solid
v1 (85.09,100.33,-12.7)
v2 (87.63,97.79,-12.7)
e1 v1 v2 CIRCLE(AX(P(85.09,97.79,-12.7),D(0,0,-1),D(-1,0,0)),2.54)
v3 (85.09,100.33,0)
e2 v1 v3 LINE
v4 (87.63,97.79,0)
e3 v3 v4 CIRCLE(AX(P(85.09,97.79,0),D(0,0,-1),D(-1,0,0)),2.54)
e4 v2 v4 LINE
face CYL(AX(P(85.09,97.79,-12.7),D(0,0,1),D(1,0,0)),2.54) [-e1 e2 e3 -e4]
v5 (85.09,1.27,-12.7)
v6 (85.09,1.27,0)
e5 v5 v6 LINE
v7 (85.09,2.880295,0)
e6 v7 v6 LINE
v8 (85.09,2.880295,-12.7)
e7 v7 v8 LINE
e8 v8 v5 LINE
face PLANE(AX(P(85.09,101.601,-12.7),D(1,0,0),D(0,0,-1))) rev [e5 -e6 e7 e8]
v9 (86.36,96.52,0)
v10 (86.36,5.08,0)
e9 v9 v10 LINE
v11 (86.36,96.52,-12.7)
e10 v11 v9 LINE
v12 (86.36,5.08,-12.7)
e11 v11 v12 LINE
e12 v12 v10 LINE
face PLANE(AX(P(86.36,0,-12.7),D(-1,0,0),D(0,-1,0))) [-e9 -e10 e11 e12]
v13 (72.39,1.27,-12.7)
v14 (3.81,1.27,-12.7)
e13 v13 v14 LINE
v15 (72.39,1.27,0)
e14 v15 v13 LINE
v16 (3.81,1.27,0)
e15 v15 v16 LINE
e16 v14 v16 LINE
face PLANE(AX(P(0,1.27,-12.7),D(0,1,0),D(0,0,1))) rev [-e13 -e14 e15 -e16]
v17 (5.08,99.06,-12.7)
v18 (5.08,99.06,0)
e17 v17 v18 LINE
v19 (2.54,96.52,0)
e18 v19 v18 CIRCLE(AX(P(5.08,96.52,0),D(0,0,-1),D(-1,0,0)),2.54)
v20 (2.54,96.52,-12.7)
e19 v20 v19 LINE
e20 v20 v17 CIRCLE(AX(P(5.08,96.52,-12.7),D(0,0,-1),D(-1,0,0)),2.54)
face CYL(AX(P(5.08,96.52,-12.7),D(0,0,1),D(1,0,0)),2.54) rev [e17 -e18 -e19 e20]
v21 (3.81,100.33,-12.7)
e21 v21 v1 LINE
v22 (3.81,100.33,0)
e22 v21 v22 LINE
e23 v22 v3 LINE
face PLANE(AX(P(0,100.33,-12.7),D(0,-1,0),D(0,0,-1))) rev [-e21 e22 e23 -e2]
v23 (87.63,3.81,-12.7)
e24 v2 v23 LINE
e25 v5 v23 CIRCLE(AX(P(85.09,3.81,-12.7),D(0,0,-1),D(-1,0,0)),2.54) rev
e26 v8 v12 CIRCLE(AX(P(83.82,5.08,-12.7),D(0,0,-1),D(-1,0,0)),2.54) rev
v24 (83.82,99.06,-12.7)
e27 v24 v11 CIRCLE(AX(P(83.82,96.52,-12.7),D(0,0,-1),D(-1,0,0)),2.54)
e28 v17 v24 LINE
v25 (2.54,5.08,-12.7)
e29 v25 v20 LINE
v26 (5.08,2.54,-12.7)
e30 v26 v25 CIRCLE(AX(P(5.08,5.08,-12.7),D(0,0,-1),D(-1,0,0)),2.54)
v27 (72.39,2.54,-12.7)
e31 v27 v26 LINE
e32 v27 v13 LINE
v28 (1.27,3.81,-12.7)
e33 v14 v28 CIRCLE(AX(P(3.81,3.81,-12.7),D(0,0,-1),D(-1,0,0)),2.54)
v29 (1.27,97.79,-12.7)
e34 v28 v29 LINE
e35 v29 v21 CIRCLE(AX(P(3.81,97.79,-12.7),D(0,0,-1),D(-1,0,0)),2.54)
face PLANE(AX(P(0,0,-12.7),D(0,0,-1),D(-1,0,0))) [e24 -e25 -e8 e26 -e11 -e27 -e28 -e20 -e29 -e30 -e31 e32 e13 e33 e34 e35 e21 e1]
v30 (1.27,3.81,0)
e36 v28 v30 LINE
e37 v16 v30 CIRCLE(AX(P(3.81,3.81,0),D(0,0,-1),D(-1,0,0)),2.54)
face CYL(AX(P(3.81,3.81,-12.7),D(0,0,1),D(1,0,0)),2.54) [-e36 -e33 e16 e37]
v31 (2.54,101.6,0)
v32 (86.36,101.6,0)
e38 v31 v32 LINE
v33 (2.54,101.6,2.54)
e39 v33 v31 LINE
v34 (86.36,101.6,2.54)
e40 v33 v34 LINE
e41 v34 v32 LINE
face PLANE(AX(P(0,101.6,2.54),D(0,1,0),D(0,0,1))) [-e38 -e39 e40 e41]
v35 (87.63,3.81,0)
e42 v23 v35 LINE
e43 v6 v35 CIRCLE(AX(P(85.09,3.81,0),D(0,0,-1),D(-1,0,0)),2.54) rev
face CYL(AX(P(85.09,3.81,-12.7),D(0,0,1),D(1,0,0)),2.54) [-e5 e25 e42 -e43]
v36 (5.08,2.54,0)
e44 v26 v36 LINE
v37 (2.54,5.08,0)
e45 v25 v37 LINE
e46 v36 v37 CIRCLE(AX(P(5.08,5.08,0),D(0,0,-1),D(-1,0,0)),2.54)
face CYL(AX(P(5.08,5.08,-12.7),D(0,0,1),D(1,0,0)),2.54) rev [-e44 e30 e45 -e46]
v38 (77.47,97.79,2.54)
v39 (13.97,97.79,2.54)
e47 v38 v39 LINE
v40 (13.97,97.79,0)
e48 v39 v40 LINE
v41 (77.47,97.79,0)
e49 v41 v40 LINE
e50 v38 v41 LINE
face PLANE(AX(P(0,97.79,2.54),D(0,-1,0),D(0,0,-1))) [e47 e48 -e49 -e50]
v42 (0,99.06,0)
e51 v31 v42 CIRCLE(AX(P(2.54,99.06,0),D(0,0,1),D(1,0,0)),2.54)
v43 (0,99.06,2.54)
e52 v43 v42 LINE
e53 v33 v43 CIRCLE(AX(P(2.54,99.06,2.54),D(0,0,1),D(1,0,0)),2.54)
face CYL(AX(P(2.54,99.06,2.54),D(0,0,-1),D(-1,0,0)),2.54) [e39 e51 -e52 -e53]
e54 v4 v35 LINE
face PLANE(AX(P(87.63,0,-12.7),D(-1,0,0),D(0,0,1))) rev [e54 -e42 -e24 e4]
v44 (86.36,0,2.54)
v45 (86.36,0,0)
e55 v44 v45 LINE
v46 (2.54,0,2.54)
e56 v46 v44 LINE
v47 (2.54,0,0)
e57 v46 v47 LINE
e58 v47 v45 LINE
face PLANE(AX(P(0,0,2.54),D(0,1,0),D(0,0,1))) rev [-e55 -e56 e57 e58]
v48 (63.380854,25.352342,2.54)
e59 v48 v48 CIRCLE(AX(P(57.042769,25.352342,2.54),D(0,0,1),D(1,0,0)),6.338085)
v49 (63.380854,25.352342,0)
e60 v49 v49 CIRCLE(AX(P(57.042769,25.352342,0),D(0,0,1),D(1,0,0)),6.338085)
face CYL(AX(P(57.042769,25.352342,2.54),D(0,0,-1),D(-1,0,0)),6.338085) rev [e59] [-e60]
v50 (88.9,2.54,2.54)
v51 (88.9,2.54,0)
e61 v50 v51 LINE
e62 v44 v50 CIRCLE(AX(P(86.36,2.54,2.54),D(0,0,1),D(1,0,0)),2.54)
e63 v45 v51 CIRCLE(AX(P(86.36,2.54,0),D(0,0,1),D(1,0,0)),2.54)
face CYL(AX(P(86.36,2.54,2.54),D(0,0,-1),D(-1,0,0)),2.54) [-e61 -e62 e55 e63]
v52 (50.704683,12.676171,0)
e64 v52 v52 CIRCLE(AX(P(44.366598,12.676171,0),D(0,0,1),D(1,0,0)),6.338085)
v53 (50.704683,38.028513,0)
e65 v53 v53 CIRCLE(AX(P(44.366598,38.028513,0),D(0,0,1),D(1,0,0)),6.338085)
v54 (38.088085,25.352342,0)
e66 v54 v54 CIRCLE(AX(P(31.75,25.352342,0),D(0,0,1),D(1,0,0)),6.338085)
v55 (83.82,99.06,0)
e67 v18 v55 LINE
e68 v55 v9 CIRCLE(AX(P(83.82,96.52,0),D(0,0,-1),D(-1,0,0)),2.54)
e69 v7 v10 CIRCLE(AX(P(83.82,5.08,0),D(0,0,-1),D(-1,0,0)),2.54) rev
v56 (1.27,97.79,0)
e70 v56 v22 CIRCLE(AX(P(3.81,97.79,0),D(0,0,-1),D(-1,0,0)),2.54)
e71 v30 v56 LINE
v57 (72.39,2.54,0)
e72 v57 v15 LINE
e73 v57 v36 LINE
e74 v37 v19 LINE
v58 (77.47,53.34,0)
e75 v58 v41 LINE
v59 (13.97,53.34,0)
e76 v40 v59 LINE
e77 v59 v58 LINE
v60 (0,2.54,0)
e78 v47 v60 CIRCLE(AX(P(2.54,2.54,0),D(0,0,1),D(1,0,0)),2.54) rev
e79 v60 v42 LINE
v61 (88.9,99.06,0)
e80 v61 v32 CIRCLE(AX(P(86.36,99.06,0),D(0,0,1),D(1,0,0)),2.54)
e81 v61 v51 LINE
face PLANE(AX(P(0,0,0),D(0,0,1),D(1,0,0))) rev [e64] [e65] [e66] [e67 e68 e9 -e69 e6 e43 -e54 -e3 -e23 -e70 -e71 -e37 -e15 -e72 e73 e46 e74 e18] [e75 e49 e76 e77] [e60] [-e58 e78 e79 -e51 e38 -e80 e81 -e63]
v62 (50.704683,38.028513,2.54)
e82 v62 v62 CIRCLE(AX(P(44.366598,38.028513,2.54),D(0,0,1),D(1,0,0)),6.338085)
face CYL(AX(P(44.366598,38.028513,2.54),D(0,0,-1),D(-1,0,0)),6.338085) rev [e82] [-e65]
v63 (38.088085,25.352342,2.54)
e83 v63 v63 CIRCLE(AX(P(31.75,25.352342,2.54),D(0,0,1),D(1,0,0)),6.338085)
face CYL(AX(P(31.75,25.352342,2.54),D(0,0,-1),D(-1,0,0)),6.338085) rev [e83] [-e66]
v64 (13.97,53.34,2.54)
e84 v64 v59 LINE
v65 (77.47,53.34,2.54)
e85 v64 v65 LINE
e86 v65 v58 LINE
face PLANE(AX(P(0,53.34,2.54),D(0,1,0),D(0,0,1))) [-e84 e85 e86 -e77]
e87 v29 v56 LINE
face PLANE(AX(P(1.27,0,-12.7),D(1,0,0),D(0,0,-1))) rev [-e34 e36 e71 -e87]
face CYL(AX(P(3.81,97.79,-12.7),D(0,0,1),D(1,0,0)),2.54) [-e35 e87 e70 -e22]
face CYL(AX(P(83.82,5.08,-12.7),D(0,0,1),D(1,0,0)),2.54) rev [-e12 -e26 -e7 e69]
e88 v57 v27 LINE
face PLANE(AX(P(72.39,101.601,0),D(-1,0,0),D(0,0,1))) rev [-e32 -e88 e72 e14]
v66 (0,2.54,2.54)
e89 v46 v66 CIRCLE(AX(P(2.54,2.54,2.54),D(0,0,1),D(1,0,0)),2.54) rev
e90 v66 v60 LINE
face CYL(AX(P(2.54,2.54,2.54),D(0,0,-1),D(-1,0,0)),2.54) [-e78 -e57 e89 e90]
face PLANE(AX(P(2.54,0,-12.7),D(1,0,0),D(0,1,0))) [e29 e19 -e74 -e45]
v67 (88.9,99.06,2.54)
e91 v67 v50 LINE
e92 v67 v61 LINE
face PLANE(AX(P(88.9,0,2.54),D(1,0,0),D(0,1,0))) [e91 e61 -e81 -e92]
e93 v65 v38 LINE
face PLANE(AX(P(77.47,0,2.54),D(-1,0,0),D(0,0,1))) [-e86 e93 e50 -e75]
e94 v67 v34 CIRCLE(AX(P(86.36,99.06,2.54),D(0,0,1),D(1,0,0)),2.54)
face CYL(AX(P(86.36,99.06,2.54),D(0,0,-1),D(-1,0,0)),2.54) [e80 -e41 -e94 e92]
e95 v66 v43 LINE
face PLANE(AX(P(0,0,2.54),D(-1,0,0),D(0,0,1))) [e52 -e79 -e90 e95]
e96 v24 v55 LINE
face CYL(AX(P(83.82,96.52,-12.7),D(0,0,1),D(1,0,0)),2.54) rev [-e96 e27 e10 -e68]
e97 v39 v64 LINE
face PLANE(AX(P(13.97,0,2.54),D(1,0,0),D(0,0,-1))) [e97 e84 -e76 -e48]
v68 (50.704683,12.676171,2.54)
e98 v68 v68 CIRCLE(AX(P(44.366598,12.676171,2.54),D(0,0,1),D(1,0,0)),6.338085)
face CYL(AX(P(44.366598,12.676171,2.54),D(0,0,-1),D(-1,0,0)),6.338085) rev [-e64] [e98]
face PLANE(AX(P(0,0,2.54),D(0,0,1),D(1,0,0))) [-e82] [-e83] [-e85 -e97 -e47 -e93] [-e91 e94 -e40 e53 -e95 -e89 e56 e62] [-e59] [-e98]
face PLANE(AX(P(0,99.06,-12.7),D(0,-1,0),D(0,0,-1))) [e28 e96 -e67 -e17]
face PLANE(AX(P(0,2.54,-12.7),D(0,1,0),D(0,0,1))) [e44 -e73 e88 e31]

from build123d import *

# Parameters (mm, degrees)
SKETCH1_R           = 6.338085432
SKETCH1_W           = 63.5
SKETCH1_H           = 44.45
BOSS_EXTRUDE1_DEPTH = 2.54
BOSS_EXTRUDE2_DEPTH = 12.7
CUT_EXTRUDE1_REACH  = 136.65
SKETCH3_W           = 12.7
SKETCH3_H           = 12.7


with BuildPart() as part:
    # Sketch1 → Boss-Extrude1 (new body)
    with BuildSketch(Plane.XY):
        with BuildLine():
            Line((88.9, 99.06), (88.9, 2.54))
            ThreePointArc((88.9, 2.54), (88.156051224, 0.743948776), (86.36, 0))
            Line((86.36, 0), (2.54, 0))
            ThreePointArc((2.54, 0), (0.743948776, 0.743948776), (0, 2.54))
            Line((0, 2.54), (0, 99.06))
            ThreePointArc((0, 99.06), (0.743948776, 100.856051224), (2.54, 101.6))
            Line((2.54, 101.6), (86.36, 101.6))
            ThreePointArc((86.36, 101.6), (88.156051224, 100.856051224), (88.9, 99.06))
        make_face()
        with Locations((31.75, 25.352341726)):
            Circle(SKETCH1_R, mode=Mode.SUBTRACT)
        with Locations((44.366598021, 38.028512589)):
            Circle(SKETCH1_R, mode=Mode.SUBTRACT)
        with Locations((57.042768884, 25.352341726)):
            Circle(SKETCH1_R, mode=Mode.SUBTRACT)
        with Locations((44.366598021, 12.676170863)):
            Circle(SKETCH1_R, mode=Mode.SUBTRACT)
        with Locations((45.72, 75.565)):
            Rectangle(SKETCH1_W, SKETCH1_H, mode=Mode.SUBTRACT)
    extrude(amount=BOSS_EXTRUDE1_DEPTH)

    # Sketch2 → Boss-Extrude2 (add)
    with BuildSketch(Plane(origin=(0, 0, 0), x_dir=(-1, 0, 0), z_dir=(0, 0, -1))):
        with BuildLine():
            Line((-3.81, 100.33), (-85.09, 100.33))
            ThreePointArc((-85.09, 100.33), (-86.886051224, 99.586051224), (-87.63, 97.79))
            Line((-87.63, 97.79), (-87.63, 3.81))
            ThreePointArc((-87.63, 3.81), (-86.886051224, 2.013948776), (-85.09, 1.27))
            Line((-85.09, 1.27), (-3.81, 1.27))
            ThreePointArc((-3.81, 1.27), (-2.013948776, 2.013948776), (-1.27, 3.81))
            Line((-1.27, 3.81), (-1.27, 97.79))
            ThreePointArc((-1.27, 97.79), (-2.013948776, 99.586051224), (-3.81, 100.33))
        make_face()
        with BuildLine():
            ThreePointArc((-83.82, 99.06), (-85.616051224, 98.316051224), (-86.36, 96.52))
            Line((-86.36, 96.52), (-86.36, 5.08))
            ThreePointArc((-86.36, 5.08), (-85.616051224, 3.283948776), (-83.82, 2.54))
            Line((-83.82, 2.54), (-5.08, 2.54))
            ThreePointArc((-5.08, 2.54), (-3.283948776, 3.283948776), (-2.54, 5.08))
            Line((-2.54, 5.08), (-2.54, 96.52))
            ThreePointArc((-2.54, 96.52), (-3.283948776, 98.316051224), (-5.08, 99.06))
            Line((-5.08, 99.06), (-83.82, 99.06))
        make_face(mode=Mode.SUBTRACT)
    extrude(amount=BOSS_EXTRUDE2_DEPTH)

    # Sketch3 → Cut-Extrude1 (cut, up to next)
    with BuildSketch(Plane.XZ.offset(-1.27), mode=Mode.PRIVATE) as cut_extrude1_sk1:
        with Locations((78.74, -6.35)):
            Rectangle(SKETCH3_W, SKETCH3_H)
    cut_extrude1_tool1 = extrude(cut_extrude1_sk1.sketch, amount=-CUT_EXTRUDE1_REACH, mode=Mode.PRIVATE) & part.part
    add(cut_extrude1_tool1.solids().sort_by_distance((78.74, 1.27, -6.35))[0], mode=Mode.SUBTRACT)


solid = part.part
